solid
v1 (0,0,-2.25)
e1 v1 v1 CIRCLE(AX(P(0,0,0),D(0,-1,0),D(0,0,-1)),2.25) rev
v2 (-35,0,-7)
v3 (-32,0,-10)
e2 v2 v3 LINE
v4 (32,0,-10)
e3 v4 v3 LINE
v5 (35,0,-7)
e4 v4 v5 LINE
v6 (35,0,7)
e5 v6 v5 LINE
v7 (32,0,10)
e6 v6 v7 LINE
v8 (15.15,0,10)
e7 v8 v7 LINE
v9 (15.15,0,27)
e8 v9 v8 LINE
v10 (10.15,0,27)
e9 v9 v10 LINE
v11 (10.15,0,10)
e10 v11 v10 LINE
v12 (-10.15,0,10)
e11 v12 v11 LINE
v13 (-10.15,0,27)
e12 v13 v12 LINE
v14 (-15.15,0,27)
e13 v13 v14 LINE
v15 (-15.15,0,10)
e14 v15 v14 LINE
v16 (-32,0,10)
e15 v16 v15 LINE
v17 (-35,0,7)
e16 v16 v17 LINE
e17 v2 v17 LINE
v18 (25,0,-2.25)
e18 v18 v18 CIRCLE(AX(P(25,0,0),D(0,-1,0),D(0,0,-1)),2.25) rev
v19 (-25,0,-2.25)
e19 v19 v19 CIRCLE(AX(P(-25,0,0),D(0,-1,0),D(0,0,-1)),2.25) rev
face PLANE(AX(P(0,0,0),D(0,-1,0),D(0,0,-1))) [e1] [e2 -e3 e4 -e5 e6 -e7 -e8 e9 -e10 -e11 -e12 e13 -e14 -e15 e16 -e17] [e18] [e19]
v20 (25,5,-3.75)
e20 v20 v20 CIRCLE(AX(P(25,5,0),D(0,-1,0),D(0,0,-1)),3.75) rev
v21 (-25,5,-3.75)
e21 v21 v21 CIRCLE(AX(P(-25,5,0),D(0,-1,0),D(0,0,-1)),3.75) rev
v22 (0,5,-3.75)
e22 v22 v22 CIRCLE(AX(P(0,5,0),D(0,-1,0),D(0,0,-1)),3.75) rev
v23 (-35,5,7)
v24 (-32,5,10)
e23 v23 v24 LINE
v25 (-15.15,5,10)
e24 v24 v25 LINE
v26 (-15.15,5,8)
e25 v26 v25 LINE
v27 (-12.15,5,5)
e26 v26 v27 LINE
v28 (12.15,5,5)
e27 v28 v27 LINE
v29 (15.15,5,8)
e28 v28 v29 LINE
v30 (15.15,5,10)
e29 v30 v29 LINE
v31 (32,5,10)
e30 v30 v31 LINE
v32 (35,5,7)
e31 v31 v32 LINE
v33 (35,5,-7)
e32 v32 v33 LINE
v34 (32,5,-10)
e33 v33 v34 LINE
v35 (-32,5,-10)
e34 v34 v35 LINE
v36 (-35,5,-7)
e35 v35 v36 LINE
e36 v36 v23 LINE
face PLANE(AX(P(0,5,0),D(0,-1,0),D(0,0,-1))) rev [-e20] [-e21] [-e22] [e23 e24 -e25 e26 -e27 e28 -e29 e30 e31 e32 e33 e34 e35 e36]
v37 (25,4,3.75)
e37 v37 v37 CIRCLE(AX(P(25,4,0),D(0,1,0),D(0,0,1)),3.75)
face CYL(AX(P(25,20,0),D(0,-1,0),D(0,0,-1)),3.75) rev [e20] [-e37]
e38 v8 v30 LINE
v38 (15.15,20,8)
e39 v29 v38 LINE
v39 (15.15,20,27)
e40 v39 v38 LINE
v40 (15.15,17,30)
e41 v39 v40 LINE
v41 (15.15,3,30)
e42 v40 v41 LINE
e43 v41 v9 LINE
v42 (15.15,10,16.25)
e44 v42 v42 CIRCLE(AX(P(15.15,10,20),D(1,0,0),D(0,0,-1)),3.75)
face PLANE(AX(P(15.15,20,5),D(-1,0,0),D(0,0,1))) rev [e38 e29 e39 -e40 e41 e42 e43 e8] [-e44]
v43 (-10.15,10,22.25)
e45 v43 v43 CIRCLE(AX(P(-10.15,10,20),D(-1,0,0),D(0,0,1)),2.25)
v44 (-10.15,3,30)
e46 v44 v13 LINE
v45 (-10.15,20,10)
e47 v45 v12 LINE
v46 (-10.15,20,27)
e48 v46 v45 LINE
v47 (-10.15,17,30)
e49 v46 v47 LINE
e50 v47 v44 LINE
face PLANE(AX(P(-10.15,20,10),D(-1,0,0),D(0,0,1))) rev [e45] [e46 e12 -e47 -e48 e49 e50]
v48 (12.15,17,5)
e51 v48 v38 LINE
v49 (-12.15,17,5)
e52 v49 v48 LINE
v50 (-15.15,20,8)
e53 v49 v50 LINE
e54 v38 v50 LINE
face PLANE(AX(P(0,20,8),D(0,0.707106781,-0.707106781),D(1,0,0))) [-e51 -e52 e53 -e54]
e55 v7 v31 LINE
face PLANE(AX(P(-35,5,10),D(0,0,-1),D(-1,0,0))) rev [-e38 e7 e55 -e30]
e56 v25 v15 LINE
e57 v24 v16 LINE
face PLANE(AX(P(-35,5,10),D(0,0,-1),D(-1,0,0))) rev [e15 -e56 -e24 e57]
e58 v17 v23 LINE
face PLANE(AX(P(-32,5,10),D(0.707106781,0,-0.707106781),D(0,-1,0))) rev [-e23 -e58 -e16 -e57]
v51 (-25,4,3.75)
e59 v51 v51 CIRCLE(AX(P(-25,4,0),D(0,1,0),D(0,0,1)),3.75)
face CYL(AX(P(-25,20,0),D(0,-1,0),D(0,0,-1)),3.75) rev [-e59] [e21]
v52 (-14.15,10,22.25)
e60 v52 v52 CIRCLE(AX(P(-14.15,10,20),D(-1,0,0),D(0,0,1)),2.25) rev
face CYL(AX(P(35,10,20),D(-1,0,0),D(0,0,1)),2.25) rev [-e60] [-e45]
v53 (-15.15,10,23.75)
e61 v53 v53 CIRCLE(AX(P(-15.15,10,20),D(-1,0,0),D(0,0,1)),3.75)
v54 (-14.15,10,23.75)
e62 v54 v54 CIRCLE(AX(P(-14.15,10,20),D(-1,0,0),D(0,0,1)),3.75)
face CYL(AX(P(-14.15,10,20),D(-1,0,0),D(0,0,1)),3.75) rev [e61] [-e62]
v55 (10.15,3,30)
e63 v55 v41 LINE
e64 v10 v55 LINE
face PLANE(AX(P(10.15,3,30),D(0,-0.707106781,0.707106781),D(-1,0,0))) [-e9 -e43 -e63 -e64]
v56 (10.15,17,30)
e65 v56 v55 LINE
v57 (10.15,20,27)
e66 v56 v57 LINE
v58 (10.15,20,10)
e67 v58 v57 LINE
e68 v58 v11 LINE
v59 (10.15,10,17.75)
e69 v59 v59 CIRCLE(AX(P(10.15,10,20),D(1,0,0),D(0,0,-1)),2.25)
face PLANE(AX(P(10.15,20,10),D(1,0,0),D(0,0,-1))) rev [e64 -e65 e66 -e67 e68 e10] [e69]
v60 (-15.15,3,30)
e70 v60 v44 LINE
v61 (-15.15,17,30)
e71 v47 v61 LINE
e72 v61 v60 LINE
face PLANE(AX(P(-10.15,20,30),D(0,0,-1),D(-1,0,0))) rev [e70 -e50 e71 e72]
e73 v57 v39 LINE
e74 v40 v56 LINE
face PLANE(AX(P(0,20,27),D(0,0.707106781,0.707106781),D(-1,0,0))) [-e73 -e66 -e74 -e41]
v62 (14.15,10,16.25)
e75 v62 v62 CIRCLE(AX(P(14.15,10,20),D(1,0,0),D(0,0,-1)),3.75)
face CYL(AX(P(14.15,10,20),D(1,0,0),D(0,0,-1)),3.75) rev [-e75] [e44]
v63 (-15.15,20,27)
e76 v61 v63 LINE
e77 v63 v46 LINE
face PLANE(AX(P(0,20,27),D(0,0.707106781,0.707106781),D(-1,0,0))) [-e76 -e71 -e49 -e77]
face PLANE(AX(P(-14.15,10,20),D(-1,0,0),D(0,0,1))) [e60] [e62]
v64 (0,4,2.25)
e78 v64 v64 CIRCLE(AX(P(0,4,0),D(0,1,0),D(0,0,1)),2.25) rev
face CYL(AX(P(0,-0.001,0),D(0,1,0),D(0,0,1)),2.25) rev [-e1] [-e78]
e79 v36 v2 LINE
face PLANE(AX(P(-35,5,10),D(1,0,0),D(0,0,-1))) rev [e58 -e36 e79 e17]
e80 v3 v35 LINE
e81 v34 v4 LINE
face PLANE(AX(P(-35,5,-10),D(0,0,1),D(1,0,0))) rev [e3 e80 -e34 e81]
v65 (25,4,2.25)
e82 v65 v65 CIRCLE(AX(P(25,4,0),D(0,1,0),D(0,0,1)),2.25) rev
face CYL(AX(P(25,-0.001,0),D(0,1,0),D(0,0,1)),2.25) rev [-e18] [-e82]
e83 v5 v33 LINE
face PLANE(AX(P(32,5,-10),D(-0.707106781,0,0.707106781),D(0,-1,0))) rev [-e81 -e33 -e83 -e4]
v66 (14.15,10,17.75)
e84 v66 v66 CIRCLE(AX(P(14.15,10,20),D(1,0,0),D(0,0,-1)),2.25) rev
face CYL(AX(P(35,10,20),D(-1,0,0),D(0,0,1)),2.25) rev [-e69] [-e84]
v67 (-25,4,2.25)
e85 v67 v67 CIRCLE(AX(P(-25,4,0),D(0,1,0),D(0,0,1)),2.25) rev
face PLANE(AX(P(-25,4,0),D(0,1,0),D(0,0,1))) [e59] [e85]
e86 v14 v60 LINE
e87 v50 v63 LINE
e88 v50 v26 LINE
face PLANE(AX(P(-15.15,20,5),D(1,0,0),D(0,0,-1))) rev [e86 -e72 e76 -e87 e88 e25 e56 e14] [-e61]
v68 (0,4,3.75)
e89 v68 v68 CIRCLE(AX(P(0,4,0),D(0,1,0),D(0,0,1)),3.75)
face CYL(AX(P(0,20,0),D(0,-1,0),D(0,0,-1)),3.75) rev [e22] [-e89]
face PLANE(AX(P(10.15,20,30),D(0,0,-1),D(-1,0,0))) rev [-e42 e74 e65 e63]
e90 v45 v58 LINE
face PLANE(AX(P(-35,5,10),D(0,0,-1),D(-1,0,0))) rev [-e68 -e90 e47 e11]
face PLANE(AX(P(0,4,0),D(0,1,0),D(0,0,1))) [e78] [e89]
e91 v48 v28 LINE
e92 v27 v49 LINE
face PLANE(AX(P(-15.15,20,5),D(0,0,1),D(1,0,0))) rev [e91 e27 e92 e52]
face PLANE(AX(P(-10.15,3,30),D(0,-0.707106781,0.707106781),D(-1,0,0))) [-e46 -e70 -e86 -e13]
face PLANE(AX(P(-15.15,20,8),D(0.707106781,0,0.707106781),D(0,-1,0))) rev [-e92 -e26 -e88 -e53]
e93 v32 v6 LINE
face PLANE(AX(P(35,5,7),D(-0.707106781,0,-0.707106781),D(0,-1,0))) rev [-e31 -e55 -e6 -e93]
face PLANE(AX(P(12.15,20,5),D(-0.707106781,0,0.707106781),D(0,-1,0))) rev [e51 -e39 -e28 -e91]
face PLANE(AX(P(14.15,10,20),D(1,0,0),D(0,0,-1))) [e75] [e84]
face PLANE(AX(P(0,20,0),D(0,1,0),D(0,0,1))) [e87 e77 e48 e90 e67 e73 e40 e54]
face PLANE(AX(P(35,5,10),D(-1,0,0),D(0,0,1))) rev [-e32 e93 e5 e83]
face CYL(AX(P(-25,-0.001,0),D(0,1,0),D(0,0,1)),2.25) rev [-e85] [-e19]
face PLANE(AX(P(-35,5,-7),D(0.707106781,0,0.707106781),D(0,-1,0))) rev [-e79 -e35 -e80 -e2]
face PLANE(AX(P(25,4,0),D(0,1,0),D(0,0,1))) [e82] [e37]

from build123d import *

# Parameters (mm, degrees)
SKETCH3_W                = 70
SKETCH3_H                = 20
BOSS_EXTRUDE2_DEPTH      = 5
BOSS_EXTRUDE3_DEPTH      = 15
BOSS_EXTRUDE3_DEPTH_BACK = 5
CUT_EXTRUDE1_REACH       = 7
SKETCH5_R                = 2.25
SKETCH6_R                = 3.75
CUT_EXTRUDE2_DEPTH       = 16
CUT_EXTRUDE2_DEPTH_BACK  = 1
SKETCH7_R                = 2.25
CUT_EXTRUDE3_DEPTH       = 20.85
CUT_EXTRUDE3_DEPTH_BACK  = 51.15
SKETCH11_R               = 3.75
CUT_EXTRUDE4_DEPTH       = 1
SKETCH12_R               = 3.75
CUT_EXTRUDE5_DEPTH       = 1
CHAMFER1_SIZE            = 3


with BuildPart() as part:
    # Sketch3 → Boss-Extrude2 (new body)
    with BuildSketch(Plane(origin=(0, 0, 0), x_dir=(1, 0, 0), z_dir=(0, 1, 0))):
        Rectangle(SKETCH3_W, SKETCH3_H)
    extrude(amount=BOSS_EXTRUDE2_DEPTH)

    # Sketch4 → Boss-Extrude3 (add, two sides)
    with BuildSketch(Plane(origin=(0, 5, 0), x_dir=(1, 0, 0), z_dir=(0, 1, 0))) as boss_extrude3_sk:
        Polygon((-15.15, -5), (15.15, -5), (15.15, -30), (10.15, -30), (10.15, -10), (-10.15, -10), (-10.15, -30), (-15.15, -30), align=None)
    extrude(amount=BOSS_EXTRUDE3_DEPTH)
    extrude(boss_extrude3_sk.sketch, amount=-BOSS_EXTRUDE3_DEPTH_BACK)

    # Sketch5 → Cut-Extrude1 (cut, up to next)
    with BuildSketch(Plane(origin=(0, 5, 0), x_dir=(1, 0, 0), z_dir=(0, 1, 0)), mode=Mode.PRIVATE) as cut_extrude1_sk1:
        Circle(SKETCH5_R)
    cut_extrude1_tool1 = extrude(cut_extrude1_sk1.sketch, amount=-CUT_EXTRUDE1_REACH, mode=Mode.PRIVATE) & part.part
    add(cut_extrude1_tool1.solids().sort_by_distance((0, 5, 0))[0], mode=Mode.SUBTRACT)
    # Sketch5 → Cut-Extrude1 (cut, up to next)
    with BuildSketch(Plane(origin=(0, 5, 0), x_dir=(1, 0, 0), z_dir=(0, 1, 0)), mode=Mode.PRIVATE) as cut_extrude1_sk2:
        with Locations((25, 0)):
            Circle(SKETCH5_R)
    cut_extrude1_tool2 = extrude(cut_extrude1_sk2.sketch, amount=-CUT_EXTRUDE1_REACH, mode=Mode.PRIVATE) & part.part
    add(cut_extrude1_tool2.solids().sort_by_distance((25, 5, 0))[0], mode=Mode.SUBTRACT)
    # Sketch5 → Cut-Extrude1 (cut, up to next)
    with BuildSketch(Plane(origin=(0, 5, 0), x_dir=(1, 0, 0), z_dir=(0, 1, 0)), mode=Mode.PRIVATE) as cut_extrude1_sk3:
        with Locations((-25, 0)):
            Circle(SKETCH5_R)
    cut_extrude1_tool3 = extrude(cut_extrude1_sk3.sketch, amount=-CUT_EXTRUDE1_REACH, mode=Mode.PRIVATE) & part.part
    add(cut_extrude1_tool3.solids().sort_by_distance((-25, 5, 0))[0], mode=Mode.SUBTRACT)

    # Sketch6 → Cut-Extrude2 (cut, two sides)
    with BuildSketch(Plane(origin=(0, 5, 0), x_dir=(1, 0, 0), z_dir=(0, 1, 0))) as cut_extrude2_sk:
        with Locations((-25, 0)):
            Circle(SKETCH6_R)
        Circle(SKETCH6_R)
        with Locations((25, 0)):
            Circle(SKETCH6_R)
    extrude(amount=CUT_EXTRUDE2_DEPTH, mode=Mode.SUBTRACT)
    extrude(cut_extrude2_sk.sketch, amount=-CUT_EXTRUDE2_DEPTH_BACK, mode=Mode.SUBTRACT)

    # Sketch7 → Cut-Extrude3 (cut, two sides)
    with BuildSketch(Plane.ZY.offset(15.15)) as cut_extrude3_sk:
        with Locations((20, 10)):
            Circle(SKETCH7_R)
    extrude(amount=CUT_EXTRUDE3_DEPTH, mode=Mode.SUBTRACT)
    extrude(cut_extrude3_sk.sketch, amount=-CUT_EXTRUDE3_DEPTH_BACK, mode=Mode.SUBTRACT)

    # Sketch11 → Cut-Extrude4 (cut)
    with BuildSketch(Plane.ZY.offset(15.15)):
        with Locations((20, 10)):
            Circle(SKETCH11_R)
    extrude(amount=-CUT_EXTRUDE4_DEPTH, mode=Mode.SUBTRACT)

    # Sketch12 → Cut-Extrude5 (cut)
    with BuildSketch(Plane(origin=(15.15, 0, 0), x_dir=(0, 0, -1), z_dir=(1, 0, 0))):
        with Locations((-20, 10)):
            Circle(SKETCH12_R)
    extrude(amount=-CUT_EXTRUDE5_DEPTH, mode=Mode.SUBTRACT)

    # Chamfer1
    chamfer1_edges = [part.edges().sort_by_distance(p)[0] for p in [
        (15.15, 12.5, 5),
        (-15.15, 12.5, 5),
        (-12.65, 0, 30),
        (12.65, 0, 30),
        (0, 20, 5),
        (-12.65, 20, 30),
        (12.65, 20, 30),
        (35, 2.5, 10),
        (-35, 2.5, 10),
        (-35, 2.5, -10),
        (35, 2.5, -10),
    ]]
    chamfer(chamfer1_edges, length=CHAMFER1_SIZE)


solid = part.part
